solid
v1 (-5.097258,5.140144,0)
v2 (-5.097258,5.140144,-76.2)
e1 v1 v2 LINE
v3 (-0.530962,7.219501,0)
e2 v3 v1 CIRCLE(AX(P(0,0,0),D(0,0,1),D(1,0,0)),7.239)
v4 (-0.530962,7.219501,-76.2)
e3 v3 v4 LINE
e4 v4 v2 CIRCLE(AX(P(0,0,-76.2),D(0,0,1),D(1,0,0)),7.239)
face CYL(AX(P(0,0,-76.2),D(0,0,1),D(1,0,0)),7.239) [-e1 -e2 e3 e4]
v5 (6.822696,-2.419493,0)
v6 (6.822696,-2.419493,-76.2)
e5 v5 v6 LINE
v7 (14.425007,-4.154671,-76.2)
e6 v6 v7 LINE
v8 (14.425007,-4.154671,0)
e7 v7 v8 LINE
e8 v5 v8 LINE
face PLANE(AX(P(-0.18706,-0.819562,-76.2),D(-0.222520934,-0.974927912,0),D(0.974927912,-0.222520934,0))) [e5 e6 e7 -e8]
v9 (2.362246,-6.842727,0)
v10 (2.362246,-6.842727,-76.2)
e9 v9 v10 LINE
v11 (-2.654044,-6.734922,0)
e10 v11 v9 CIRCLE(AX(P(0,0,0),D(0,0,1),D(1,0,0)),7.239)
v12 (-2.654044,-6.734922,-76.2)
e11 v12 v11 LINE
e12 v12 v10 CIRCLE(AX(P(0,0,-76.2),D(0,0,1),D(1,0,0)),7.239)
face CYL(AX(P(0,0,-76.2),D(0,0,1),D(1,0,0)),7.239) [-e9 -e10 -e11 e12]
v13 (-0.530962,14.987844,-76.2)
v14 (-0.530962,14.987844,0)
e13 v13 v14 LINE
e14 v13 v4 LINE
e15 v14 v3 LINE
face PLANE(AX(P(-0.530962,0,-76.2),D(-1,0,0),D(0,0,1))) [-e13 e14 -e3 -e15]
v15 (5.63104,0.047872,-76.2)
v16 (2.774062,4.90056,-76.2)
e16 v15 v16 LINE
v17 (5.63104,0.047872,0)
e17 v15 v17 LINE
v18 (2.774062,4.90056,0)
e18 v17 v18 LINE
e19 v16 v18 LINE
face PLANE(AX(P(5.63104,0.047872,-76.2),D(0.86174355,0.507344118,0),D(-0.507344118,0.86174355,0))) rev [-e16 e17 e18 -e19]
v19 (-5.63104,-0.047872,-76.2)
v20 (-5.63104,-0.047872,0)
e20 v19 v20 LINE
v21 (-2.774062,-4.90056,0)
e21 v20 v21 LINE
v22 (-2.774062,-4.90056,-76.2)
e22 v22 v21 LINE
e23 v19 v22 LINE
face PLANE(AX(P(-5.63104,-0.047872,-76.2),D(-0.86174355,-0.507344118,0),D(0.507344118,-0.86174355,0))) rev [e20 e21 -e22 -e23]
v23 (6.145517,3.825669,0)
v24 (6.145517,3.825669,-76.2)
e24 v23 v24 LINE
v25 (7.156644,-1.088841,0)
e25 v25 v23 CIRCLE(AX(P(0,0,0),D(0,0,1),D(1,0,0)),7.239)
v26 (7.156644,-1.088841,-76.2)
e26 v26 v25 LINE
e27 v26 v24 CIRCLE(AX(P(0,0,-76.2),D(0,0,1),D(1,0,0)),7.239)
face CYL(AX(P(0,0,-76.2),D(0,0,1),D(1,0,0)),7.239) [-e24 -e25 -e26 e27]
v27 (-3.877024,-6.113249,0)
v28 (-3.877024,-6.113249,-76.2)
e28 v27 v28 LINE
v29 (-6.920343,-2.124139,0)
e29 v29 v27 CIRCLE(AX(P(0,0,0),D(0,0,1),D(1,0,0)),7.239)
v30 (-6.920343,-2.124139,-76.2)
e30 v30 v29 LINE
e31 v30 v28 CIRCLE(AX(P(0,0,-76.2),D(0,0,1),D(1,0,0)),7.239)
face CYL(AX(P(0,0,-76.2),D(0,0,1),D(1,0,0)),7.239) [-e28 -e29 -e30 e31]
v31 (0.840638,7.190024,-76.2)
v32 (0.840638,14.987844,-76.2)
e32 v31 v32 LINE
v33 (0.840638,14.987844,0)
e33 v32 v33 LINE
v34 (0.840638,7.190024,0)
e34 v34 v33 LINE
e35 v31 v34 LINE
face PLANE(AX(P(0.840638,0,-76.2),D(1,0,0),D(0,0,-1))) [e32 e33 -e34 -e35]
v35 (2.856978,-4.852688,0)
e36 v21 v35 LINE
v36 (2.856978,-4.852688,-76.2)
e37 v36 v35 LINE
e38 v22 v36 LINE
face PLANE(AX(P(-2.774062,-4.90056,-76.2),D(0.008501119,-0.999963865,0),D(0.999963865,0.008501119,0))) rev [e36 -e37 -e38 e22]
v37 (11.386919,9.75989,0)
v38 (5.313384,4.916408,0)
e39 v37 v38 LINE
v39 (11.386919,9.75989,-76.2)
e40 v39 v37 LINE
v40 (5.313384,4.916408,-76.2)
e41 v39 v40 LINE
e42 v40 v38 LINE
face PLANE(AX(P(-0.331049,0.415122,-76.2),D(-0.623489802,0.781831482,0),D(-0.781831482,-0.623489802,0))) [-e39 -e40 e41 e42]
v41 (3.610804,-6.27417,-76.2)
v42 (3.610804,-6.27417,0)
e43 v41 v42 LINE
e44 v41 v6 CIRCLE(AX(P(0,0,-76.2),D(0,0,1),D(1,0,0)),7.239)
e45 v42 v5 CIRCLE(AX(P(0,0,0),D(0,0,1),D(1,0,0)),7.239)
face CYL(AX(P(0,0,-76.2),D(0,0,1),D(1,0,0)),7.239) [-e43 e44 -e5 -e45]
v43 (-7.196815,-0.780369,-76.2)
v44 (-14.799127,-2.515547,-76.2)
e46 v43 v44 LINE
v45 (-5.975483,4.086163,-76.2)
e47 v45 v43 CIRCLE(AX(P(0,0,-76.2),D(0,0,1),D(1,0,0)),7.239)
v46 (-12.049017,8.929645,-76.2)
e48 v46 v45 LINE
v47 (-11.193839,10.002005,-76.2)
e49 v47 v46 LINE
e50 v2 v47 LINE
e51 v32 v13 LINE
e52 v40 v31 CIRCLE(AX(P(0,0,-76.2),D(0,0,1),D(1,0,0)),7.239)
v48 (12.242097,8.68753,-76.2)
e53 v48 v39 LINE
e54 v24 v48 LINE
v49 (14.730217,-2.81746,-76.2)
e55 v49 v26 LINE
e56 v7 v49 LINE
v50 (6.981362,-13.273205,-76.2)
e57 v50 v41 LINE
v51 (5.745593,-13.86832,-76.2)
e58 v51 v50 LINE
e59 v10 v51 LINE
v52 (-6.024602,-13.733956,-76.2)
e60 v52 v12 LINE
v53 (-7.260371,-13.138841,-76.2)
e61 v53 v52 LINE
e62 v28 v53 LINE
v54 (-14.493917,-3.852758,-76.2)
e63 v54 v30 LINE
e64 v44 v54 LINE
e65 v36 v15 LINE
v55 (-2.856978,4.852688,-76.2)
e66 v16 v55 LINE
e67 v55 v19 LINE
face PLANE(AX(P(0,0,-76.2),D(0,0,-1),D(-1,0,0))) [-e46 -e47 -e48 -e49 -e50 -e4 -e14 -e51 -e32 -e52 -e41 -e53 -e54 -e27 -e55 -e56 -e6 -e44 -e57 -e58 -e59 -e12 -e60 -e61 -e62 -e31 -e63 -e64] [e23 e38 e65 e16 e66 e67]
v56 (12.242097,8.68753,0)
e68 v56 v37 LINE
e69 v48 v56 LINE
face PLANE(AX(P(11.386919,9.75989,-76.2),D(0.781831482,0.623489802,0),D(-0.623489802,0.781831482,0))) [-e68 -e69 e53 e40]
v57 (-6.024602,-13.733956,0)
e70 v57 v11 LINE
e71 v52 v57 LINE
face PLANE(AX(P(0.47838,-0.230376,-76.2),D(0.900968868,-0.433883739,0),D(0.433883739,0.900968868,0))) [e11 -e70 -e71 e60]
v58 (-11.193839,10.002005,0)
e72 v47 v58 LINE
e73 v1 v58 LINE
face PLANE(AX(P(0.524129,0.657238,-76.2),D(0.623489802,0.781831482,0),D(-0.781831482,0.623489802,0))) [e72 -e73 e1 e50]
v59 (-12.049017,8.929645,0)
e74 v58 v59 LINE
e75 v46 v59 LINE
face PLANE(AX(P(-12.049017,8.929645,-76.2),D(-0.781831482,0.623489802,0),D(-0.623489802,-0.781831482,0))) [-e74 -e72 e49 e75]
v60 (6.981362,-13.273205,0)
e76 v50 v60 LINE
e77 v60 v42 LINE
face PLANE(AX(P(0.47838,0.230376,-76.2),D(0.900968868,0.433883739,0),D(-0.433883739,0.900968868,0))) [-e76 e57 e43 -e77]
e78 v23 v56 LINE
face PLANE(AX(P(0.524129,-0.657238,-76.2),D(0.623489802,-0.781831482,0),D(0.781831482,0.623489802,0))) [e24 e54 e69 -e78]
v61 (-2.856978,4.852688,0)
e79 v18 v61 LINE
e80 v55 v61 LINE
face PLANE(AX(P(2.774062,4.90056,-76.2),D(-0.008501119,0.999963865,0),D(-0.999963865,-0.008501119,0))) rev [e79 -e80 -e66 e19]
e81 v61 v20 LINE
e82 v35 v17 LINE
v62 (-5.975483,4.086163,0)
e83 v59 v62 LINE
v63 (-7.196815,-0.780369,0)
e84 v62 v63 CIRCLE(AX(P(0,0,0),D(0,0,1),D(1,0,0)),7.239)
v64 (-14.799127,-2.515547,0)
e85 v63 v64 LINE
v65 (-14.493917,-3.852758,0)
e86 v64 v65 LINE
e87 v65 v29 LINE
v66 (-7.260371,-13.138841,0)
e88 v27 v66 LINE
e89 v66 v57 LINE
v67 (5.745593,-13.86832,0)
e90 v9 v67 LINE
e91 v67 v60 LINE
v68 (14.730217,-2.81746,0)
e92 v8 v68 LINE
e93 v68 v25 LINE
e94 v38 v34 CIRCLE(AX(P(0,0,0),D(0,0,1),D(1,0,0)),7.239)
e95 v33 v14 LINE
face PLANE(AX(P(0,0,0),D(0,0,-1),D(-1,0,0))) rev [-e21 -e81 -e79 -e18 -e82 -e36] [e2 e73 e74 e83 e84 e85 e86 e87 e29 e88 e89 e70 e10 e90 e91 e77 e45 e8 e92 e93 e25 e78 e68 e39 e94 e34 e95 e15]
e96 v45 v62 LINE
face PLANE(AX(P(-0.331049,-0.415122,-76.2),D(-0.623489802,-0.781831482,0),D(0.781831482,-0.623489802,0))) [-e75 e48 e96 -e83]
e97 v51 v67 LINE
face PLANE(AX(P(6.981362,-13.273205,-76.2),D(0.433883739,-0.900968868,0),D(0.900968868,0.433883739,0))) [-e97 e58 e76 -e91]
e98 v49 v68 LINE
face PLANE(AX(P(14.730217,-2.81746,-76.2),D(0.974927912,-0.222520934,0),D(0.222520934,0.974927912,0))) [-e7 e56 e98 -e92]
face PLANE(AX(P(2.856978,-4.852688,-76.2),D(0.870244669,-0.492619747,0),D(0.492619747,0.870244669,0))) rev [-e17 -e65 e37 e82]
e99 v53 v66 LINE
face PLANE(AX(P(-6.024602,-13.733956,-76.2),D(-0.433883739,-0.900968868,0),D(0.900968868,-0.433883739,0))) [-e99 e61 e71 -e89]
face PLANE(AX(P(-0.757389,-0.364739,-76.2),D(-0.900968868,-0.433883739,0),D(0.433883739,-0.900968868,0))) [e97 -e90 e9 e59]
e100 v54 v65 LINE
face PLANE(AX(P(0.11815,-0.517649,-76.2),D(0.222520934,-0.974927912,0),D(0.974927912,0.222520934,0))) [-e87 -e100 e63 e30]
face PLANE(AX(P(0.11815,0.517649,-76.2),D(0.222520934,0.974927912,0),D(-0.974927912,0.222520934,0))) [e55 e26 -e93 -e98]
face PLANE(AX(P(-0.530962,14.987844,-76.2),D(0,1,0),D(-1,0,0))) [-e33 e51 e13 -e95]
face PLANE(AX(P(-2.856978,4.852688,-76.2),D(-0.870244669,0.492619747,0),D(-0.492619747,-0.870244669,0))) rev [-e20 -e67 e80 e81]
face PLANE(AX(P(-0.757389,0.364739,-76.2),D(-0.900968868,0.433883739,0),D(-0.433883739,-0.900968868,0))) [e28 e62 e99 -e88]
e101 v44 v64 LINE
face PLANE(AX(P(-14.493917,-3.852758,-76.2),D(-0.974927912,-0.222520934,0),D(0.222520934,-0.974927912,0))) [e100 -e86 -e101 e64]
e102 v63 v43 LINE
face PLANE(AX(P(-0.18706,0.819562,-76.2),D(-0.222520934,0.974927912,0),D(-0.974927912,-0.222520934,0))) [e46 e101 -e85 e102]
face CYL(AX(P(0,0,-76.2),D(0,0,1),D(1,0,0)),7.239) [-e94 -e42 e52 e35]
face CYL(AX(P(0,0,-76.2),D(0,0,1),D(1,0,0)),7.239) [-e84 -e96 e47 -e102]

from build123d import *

# Parameters (mm, degrees)
BOSS_EXTRUDE1_DEPTH = 76.2
SKETCH6_R           = 7.239
BOSS_EXTRUDE2_DEPTH = 76.2
CIRPATTERN1_COUNT   = 7
CUT_EXTRUDE5_DEPTH  = 80.057508243


with BuildPart() as part:
    # Sketch12 → Boss-Extrude1 (new body)
    with BuildSketch(Plane.XY):
        Polygon((0, 0), (0.8406384, 0), (0.8406384, 14.987843642), (-0.5309616, 14.987843642), (-0.5309616, 0), align=None)
    boss_extrude1 = extrude(amount=-BOSS_EXTRUDE1_DEPTH)

    # Sketch6 → Boss-Extrude2 (add)
    with BuildSketch(Plane.XY):
        Circle(SKETCH6_R)
    extrude(amount=-BOSS_EXTRUDE2_DEPTH)

    # CirPattern1: Boss-Extrude1 ×7 about axis
    cirpattern1_axis = Axis((0, 0, -76.2), (0, 0, 1))
    for i in range(1, CIRPATTERN1_COUNT):
        add(boss_extrude1.rotate(cirpattern1_axis, i * 360 / CIRPATTERN1_COUNT))

    # Sketch8 → Cut-Extrude5 (cut, through all)
    with BuildSketch(Plane.XY):
        Polygon((5.6310401, 0.047871874), (2.774061791, 4.900559713), (-2.856978309, 4.852687839), (-5.6310401, -0.047871874), (-2.774061791, -4.900559713), (2.856978309, -4.852687839), align=None)
    extrude(amount=-CUT_EXTRUDE5_DEPTH, mode=Mode.SUBTRACT)


solid = part.part
